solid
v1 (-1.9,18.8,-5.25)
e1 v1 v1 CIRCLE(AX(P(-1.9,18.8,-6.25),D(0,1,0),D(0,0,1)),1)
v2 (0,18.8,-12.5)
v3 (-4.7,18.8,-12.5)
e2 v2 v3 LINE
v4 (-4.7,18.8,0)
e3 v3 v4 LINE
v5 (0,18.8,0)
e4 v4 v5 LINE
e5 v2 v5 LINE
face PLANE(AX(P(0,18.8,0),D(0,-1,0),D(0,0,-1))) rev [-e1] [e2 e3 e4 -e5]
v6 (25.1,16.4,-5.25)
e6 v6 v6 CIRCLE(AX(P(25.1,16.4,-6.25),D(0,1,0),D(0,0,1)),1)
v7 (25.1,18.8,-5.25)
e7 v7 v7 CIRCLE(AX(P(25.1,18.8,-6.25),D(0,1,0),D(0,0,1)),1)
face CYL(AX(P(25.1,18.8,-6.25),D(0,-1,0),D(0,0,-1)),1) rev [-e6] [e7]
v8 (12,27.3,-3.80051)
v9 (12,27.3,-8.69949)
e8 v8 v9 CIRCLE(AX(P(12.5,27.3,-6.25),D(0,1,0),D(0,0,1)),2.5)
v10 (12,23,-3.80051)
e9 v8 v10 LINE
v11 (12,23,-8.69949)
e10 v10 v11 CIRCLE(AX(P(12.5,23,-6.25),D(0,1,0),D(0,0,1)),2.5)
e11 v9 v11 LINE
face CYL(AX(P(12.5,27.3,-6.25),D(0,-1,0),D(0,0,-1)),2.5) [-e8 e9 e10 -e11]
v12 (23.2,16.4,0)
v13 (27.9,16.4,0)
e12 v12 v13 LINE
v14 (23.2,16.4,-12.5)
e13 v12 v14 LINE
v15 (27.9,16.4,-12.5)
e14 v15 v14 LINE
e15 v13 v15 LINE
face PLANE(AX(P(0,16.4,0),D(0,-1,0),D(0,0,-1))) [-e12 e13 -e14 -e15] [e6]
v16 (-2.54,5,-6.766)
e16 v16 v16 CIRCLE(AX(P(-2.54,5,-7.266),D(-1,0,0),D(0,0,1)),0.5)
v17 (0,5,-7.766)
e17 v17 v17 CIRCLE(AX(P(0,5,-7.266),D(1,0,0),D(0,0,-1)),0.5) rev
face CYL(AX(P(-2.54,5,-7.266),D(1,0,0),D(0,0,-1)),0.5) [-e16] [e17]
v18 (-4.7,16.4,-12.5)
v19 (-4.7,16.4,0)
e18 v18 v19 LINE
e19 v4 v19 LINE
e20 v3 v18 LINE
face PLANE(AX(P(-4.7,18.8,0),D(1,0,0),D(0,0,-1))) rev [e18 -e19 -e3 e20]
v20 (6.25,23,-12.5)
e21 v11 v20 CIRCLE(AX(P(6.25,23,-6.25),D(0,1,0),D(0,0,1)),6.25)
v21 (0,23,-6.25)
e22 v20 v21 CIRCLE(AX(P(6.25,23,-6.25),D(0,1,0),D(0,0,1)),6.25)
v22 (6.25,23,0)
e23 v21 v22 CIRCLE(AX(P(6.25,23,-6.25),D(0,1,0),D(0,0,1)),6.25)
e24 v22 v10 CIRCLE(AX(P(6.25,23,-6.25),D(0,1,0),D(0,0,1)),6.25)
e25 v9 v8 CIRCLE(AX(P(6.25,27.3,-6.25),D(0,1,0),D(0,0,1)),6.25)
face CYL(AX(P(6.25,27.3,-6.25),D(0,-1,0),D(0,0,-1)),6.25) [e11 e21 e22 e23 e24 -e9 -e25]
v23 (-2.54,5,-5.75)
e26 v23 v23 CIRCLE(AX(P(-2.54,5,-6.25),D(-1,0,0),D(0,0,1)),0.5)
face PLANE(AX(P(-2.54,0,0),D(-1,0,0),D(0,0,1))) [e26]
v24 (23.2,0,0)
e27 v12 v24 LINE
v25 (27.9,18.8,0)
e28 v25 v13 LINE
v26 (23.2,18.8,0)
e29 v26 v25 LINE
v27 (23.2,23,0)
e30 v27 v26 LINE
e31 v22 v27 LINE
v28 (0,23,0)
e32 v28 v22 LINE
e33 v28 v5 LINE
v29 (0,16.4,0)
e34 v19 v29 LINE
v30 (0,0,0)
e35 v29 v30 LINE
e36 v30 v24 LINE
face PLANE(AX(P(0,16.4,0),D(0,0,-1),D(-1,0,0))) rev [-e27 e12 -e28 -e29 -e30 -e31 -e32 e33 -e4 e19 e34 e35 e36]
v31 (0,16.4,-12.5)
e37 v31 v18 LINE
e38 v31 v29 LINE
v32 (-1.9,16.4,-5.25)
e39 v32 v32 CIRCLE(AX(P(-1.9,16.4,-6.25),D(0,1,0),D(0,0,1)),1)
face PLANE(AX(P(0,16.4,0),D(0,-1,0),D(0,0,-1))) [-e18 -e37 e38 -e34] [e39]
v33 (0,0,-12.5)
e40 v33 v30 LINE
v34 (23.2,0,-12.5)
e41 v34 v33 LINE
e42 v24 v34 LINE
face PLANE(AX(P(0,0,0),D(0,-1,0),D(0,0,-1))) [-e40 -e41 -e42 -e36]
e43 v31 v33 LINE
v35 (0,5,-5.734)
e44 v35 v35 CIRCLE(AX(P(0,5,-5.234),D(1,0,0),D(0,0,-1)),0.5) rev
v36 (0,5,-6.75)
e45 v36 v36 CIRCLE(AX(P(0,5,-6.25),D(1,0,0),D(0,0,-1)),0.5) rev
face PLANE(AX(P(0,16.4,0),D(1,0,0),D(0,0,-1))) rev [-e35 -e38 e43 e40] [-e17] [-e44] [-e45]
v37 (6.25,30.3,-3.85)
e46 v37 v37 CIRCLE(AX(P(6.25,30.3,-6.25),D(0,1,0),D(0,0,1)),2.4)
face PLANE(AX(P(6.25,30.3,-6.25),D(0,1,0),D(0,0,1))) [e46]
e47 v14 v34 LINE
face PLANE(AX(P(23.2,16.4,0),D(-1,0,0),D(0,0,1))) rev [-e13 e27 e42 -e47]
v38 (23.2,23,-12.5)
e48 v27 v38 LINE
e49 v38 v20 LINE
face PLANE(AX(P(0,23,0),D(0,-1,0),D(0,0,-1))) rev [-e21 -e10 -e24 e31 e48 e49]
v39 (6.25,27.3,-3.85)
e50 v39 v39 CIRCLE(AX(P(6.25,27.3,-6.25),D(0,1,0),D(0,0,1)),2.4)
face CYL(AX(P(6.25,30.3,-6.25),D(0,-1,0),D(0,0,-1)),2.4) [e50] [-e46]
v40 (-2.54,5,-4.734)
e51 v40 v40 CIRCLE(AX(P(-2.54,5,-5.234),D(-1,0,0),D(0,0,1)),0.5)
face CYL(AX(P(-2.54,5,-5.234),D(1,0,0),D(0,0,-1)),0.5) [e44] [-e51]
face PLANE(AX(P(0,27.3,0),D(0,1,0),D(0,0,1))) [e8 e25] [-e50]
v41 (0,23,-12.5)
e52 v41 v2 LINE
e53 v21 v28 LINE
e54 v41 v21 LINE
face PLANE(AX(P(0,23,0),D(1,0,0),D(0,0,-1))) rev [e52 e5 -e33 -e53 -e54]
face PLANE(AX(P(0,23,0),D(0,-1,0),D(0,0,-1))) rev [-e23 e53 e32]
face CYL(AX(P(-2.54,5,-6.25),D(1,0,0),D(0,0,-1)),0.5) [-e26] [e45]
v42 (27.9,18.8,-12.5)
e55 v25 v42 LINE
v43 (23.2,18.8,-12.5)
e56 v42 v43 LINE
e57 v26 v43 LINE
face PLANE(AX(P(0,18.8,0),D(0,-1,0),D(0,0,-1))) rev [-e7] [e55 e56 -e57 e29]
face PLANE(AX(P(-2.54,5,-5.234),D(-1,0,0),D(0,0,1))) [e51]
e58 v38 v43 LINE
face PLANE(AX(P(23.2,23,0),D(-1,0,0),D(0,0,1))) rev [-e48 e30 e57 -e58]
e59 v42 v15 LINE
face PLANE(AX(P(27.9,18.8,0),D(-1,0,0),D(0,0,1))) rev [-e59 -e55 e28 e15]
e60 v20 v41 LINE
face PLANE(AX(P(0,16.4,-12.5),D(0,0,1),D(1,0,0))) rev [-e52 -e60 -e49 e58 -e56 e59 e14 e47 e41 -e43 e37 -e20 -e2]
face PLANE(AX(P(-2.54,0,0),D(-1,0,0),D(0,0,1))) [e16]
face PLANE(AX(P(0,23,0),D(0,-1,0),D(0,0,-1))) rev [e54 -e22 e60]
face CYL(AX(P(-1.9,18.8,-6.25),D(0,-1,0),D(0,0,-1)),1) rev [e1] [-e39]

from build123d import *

# Parameters (mm, degrees)
SKETCH2_W           = 23.2
SKETCH2_H           = 12.5
BOSS_EXTRUDE1_DEPTH = 16.4
SKETCH3_W           = 32.6
SKETCH3_H           = 12.5
SKETCH3_R           = 1
BOSS_EXTRUDE2_DEPTH = 2.4
SKETCH4_W           = 23.2
SKETCH4_H           = 12.5
BOSS_EXTRUDE3_DEPTH = 4.2
SKETCH5_R           = 6.25
SKETCH5_R_2         = 2.5
BOSS_EXTRUDE4_DEPTH = 4.3
SKETCH6_R           = 2.400000026
BOSS_EXTRUDE5_DEPTH = 3
SKETCH7_R           = 0.5
BOSS_EXTRUDE8_DEPTH = 2.54


with BuildPart() as part:
    # Sketch2 → Boss-Extrude1 (new body)
    with BuildSketch(Plane(origin=(0, 0, 0), x_dir=(1, 0, 0), z_dir=(0, 1, 0))):
        with Locations((11.6, 6.25)):
            Rectangle(SKETCH2_W, SKETCH2_H)
    extrude(amount=BOSS_EXTRUDE1_DEPTH)

    # Sketch3 → Boss-Extrude2 (add)
    with BuildSketch(Plane(origin=(0, 16.4, 0), x_dir=(1, 0, 0), z_dir=(0, 1, 0))):
        with Locations((11.6, 6.25)):
            Rectangle(SKETCH3_W, SKETCH3_H)
        with Locations(Location((-1.9, 6.25, 0), (0, 0, 270))):
            Circle(SKETCH3_R, mode=Mode.SUBTRACT)
        with Locations(Location((25.1, 6.25, 0), (0, 0, 270))):
            Circle(SKETCH3_R, mode=Mode.SUBTRACT)
    extrude(amount=BOSS_EXTRUDE2_DEPTH)

    # Sketch4 → Boss-Extrude3 (add)
    with BuildSketch(Plane(origin=(0, 18.8, 0), x_dir=(1, 0, 0), z_dir=(0, 1, 0))):
        with Locations((11.6, 6.25)):
            Rectangle(SKETCH4_W, SKETCH4_H)
    extrude(amount=BOSS_EXTRUDE3_DEPTH)

    # Sketch5 → Boss-Extrude4 (add)
    with BuildSketch(Plane(origin=(0, 23, 0), x_dir=(1, 0, 0), z_dir=(0, 1, 0))):
        with Locations((6.25, 6.25)):
            Circle(SKETCH5_R)
        with Locations((12.5, 6.25)):
            Circle(SKETCH5_R_2)
    extrude(amount=BOSS_EXTRUDE4_DEPTH)

    # Sketch6 → Boss-Extrude5 (add)
    with BuildSketch(Plane(origin=(0, 27.3, 0), x_dir=(1, 0, 0), z_dir=(0, 1, 0))):
        with Locations(Location((6.25, 6.25, 0), (0, 0, 270))):
            Circle(SKETCH6_R)
    extrude(amount=BOSS_EXTRUDE5_DEPTH)

    # Sketch7 → Boss-Extrude8 (add)
    with BuildSketch(Plane.ZY):
        with Locations(Location((-6.25, 5, 0), (0, 0, 180))):
            Circle(SKETCH7_R)
        with Locations(Location((-7.266, 5, 0), (0, 0, 180))):
            Circle(SKETCH7_R)
        with Locations(Location((-5.234, 5, 0), (0, 0, 180))):
            Circle(SKETCH7_R)
    extrude(amount=BOSS_EXTRUDE8_DEPTH)


solid = part.part
